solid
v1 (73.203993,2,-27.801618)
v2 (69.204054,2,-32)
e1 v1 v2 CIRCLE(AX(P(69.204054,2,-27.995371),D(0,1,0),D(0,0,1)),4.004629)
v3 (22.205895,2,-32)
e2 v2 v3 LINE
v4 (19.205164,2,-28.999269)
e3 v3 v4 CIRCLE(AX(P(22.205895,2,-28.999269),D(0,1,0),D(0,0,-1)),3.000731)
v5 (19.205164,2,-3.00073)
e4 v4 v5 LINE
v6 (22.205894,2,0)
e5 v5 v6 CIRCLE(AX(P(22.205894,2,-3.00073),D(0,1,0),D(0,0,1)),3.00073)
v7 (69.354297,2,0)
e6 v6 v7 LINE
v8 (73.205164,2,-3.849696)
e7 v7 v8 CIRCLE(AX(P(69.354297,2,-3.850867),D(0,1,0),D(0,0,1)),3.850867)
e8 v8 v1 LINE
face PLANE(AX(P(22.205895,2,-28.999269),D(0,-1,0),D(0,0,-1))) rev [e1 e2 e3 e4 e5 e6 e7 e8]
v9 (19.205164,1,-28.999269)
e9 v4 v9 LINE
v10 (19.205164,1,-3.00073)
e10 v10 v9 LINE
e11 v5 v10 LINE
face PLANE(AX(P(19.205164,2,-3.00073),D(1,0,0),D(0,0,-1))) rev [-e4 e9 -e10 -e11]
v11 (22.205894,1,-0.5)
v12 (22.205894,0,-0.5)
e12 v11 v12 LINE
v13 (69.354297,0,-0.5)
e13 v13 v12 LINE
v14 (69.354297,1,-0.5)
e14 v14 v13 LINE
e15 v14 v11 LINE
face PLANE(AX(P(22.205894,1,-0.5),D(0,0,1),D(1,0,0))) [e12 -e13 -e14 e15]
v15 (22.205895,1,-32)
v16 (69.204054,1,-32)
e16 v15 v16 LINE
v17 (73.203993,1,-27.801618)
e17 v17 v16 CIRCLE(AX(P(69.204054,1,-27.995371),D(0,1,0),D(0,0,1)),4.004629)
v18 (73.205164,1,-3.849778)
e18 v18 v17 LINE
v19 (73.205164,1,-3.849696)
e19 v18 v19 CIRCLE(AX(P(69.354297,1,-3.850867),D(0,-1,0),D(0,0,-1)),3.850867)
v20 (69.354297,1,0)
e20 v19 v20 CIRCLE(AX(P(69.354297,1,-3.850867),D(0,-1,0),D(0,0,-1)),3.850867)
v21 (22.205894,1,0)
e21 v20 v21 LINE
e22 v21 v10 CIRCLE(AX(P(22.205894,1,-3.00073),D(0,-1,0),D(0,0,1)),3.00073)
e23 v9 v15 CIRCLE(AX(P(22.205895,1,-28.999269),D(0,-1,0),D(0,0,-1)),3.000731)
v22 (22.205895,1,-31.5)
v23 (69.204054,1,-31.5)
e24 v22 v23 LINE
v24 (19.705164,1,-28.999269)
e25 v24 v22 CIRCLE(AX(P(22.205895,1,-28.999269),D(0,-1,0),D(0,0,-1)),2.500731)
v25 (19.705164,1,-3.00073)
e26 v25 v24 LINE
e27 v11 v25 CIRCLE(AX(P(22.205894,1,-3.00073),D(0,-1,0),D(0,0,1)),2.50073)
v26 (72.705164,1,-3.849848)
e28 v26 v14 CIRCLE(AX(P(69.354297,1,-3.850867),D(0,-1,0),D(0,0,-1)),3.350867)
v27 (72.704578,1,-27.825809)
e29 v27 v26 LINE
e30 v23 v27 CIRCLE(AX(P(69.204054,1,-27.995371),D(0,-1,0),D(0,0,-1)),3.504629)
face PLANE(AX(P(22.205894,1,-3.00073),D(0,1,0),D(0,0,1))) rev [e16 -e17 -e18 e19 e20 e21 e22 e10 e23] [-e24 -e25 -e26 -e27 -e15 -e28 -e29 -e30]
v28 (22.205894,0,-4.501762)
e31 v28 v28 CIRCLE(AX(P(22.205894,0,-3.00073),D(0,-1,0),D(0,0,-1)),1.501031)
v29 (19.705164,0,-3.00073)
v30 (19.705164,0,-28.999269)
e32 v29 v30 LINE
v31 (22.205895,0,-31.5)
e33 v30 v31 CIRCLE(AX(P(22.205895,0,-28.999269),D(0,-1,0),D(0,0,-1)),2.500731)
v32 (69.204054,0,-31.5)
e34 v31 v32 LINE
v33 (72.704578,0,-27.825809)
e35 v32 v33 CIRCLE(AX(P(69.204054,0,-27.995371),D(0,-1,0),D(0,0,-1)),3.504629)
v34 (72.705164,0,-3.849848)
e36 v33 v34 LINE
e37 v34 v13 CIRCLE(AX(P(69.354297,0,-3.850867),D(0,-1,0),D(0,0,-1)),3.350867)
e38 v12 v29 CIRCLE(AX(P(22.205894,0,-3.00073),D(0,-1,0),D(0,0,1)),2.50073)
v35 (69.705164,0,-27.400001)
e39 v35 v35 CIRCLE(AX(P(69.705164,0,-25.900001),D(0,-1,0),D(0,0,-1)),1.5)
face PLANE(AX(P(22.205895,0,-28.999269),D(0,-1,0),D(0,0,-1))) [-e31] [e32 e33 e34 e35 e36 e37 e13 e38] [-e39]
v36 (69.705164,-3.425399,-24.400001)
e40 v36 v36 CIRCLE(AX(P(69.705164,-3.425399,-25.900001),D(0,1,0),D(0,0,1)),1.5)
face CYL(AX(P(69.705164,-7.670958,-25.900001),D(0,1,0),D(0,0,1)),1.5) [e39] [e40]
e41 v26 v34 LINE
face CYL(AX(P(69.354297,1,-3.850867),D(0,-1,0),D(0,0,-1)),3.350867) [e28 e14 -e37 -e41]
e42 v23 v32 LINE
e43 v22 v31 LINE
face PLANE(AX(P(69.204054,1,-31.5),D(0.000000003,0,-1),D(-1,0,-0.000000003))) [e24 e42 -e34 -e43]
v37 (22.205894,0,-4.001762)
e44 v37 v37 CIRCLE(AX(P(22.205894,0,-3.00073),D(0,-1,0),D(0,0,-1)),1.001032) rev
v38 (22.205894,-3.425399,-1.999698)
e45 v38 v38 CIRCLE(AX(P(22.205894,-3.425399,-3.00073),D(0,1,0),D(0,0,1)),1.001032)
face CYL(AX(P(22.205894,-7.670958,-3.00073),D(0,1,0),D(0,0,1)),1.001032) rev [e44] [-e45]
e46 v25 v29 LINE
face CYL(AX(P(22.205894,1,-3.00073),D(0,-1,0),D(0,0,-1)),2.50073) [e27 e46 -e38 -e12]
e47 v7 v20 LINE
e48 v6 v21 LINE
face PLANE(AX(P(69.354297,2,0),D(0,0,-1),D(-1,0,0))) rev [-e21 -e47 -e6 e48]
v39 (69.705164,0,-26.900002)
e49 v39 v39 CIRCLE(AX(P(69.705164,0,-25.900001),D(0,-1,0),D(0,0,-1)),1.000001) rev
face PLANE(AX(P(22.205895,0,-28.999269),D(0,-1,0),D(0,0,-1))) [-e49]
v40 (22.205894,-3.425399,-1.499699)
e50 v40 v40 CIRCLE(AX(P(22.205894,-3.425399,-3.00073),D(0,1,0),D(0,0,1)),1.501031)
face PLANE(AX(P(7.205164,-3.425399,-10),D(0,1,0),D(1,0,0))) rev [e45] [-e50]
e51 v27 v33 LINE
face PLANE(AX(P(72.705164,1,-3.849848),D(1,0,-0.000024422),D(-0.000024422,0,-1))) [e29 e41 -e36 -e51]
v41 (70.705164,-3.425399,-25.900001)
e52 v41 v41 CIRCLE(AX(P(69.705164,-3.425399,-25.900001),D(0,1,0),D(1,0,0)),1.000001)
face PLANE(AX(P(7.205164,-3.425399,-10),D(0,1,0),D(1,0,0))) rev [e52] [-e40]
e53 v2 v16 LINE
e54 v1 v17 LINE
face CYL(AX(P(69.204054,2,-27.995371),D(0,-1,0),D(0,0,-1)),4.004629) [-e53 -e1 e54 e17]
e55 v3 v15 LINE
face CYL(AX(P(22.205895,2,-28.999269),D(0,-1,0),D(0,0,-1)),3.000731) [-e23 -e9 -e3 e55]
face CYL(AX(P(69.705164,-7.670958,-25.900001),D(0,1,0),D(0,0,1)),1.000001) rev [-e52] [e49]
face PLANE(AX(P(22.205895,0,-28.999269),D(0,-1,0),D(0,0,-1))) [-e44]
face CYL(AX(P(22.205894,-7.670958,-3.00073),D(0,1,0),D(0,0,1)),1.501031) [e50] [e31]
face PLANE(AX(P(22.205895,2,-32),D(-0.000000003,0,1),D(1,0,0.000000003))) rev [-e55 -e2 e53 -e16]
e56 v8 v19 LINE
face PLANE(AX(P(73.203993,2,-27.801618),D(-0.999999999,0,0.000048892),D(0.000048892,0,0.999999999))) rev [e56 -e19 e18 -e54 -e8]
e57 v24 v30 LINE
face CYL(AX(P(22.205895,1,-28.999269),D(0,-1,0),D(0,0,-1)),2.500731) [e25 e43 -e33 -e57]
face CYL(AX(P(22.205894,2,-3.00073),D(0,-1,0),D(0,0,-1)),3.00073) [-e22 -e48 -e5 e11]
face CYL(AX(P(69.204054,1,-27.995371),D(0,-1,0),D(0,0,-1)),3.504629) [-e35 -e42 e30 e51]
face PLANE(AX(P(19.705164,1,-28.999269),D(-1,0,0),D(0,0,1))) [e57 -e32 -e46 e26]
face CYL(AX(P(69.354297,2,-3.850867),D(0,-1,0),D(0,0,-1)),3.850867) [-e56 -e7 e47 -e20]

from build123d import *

# Parameters (mm, degrees)
Y_KSEKLIK_EKSTR_ZYON1_DEPTH = 2
KES_EKSTR_ZYON1_DEPTH       = 1
IZIM6_R                     = 1.501031458
IZIM6_R_2                   = 1.001031998
IZIM6_R_3                   = 1.5
IZIM6_R_4                   = 1.00000054
Y_KSEKLIK_EKSTR_ZYON3_DEPTH = 3.425399462


with BuildPart() as part:
    # Çizim1 → Yükseklik-Ekstrüzyon1 (new body)
    with BuildSketch(Plane(origin=(0, 0, 0), x_dir=(1, 0, 0), z_dir=(0, 1, 0))):
        with BuildLine():
            Line((69.354296896, 0), (22.205894341, 0))
            ThreePointArc((22.205894341, 0), (20.084057526, 0.878893586), (19.20516394, 3.000730401))
            Line((19.20516394, 3.000730401), (19.20516394, 28.999269019))
            ThreePointArc((19.20516394, 28.999269019), (20.084057735, 31.121106339), (22.205895054, 32.000000134))
            Line((22.205895054, 32.000000134), (69.204054025, 31.999999983))
            ThreePointArc((69.204054025, 31.999999983), (72.103447224, 30.757719929), (73.203992826, 27.80161776))
            Line((73.203992826, 27.80161776), (73.205163894, 3.84969587))
            ThreePointArc((73.205163894, 3.84969587), (72.076857039, 1.127478795), (69.354296896, 0))
        make_face()
    extrude(amount=Y_KSEKLIK_EKSTR_ZYON1_DEPTH)

    # Çizim2 → Kes-Ekstrüzyon1 (cut)
    with BuildSketch(Plane.XZ):
        with BuildLine():
            Line((22.205894341, 0), (69.354296896, 0))
            ThreePointArc((69.354296896, 0), (72.076886077, -1.127507843), (73.205163905, -3.849778017))
            Line((73.205163905, -3.849778017), (73.204578669, -27.814116173))
            ThreePointArc((73.204578669, -27.814116173), (72.09912832, -30.762246017), (69.204054025, -31.999999983))
            Line((69.204054025, -31.999999983), (22.205895054, -32.000000134))
            ThreePointArc((22.205895054, -32.000000134), (20.084057735, -31.121106339), (19.20516394, -28.999269019))
            Line((19.20516394, -28.999269019), (19.20516394, -3.000730401))
            ThreePointArc((19.20516394, -3.000730401), (20.084057526, -0.878893586), (22.205894341, 0))
        make_face()
        with BuildLine():
            Line((22.205894341, -0.5), (69.354296896, -0.5))
            ThreePointArc((69.354296896, -0.5), (71.723357422, -1.481085951), (72.705163917, -3.849847954))
            Line((72.705163917, -3.849847954), (72.704578383, -27.82580896))
            ThreePointArc((72.704578383, -27.82580896), (71.741441976, -30.412825453), (69.204054025, -31.499999983))
            Line((69.204054025, -31.499999983), (22.205895054, -31.500000134))
            ThreePointArc((22.205895054, -31.500000134), (20.437611125, -30.767552948), (19.70516394, -28.999269019))
            Line((19.70516394, -28.999269019), (19.70516394, -3.000730401))
            ThreePointArc((19.70516394, -3.000730401), (20.437610916, -1.232446977), (22.205894341, -0.5))
        make_face(mode=Mode.SUBTRACT)
    extrude(amount=-KES_EKSTR_ZYON1_DEPTH, mode=Mode.SUBTRACT)

    # Çizim6 → Yükseklik-Ekstrüzyon3 (add)
    # profile 1 of 2: a face of its own
    with BuildSketch(Plane.XZ):
        with Locations(Location((22.205894341, -3.000730401, 0), (0, 0, 90))):
            Circle(IZIM6_R)
        with Locations(Location((22.205894341, -3.000730401, 0), (0, 0, 90))):
            Circle(IZIM6_R_2, mode=Mode.SUBTRACT)
    # profile 2 of 2: a face of its own
    with BuildSketch(Plane.XZ):
        with Locations(Location((69.70516394, -25.900001, 0), (0, 0, 90))):
            Circle(IZIM6_R_3)
        with Locations((69.70516394, -25.900001)):
            Circle(IZIM6_R_4, mode=Mode.SUBTRACT)
    extrude(amount=Y_KSEKLIK_EKSTR_ZYON3_DEPTH)


solid = part.part
